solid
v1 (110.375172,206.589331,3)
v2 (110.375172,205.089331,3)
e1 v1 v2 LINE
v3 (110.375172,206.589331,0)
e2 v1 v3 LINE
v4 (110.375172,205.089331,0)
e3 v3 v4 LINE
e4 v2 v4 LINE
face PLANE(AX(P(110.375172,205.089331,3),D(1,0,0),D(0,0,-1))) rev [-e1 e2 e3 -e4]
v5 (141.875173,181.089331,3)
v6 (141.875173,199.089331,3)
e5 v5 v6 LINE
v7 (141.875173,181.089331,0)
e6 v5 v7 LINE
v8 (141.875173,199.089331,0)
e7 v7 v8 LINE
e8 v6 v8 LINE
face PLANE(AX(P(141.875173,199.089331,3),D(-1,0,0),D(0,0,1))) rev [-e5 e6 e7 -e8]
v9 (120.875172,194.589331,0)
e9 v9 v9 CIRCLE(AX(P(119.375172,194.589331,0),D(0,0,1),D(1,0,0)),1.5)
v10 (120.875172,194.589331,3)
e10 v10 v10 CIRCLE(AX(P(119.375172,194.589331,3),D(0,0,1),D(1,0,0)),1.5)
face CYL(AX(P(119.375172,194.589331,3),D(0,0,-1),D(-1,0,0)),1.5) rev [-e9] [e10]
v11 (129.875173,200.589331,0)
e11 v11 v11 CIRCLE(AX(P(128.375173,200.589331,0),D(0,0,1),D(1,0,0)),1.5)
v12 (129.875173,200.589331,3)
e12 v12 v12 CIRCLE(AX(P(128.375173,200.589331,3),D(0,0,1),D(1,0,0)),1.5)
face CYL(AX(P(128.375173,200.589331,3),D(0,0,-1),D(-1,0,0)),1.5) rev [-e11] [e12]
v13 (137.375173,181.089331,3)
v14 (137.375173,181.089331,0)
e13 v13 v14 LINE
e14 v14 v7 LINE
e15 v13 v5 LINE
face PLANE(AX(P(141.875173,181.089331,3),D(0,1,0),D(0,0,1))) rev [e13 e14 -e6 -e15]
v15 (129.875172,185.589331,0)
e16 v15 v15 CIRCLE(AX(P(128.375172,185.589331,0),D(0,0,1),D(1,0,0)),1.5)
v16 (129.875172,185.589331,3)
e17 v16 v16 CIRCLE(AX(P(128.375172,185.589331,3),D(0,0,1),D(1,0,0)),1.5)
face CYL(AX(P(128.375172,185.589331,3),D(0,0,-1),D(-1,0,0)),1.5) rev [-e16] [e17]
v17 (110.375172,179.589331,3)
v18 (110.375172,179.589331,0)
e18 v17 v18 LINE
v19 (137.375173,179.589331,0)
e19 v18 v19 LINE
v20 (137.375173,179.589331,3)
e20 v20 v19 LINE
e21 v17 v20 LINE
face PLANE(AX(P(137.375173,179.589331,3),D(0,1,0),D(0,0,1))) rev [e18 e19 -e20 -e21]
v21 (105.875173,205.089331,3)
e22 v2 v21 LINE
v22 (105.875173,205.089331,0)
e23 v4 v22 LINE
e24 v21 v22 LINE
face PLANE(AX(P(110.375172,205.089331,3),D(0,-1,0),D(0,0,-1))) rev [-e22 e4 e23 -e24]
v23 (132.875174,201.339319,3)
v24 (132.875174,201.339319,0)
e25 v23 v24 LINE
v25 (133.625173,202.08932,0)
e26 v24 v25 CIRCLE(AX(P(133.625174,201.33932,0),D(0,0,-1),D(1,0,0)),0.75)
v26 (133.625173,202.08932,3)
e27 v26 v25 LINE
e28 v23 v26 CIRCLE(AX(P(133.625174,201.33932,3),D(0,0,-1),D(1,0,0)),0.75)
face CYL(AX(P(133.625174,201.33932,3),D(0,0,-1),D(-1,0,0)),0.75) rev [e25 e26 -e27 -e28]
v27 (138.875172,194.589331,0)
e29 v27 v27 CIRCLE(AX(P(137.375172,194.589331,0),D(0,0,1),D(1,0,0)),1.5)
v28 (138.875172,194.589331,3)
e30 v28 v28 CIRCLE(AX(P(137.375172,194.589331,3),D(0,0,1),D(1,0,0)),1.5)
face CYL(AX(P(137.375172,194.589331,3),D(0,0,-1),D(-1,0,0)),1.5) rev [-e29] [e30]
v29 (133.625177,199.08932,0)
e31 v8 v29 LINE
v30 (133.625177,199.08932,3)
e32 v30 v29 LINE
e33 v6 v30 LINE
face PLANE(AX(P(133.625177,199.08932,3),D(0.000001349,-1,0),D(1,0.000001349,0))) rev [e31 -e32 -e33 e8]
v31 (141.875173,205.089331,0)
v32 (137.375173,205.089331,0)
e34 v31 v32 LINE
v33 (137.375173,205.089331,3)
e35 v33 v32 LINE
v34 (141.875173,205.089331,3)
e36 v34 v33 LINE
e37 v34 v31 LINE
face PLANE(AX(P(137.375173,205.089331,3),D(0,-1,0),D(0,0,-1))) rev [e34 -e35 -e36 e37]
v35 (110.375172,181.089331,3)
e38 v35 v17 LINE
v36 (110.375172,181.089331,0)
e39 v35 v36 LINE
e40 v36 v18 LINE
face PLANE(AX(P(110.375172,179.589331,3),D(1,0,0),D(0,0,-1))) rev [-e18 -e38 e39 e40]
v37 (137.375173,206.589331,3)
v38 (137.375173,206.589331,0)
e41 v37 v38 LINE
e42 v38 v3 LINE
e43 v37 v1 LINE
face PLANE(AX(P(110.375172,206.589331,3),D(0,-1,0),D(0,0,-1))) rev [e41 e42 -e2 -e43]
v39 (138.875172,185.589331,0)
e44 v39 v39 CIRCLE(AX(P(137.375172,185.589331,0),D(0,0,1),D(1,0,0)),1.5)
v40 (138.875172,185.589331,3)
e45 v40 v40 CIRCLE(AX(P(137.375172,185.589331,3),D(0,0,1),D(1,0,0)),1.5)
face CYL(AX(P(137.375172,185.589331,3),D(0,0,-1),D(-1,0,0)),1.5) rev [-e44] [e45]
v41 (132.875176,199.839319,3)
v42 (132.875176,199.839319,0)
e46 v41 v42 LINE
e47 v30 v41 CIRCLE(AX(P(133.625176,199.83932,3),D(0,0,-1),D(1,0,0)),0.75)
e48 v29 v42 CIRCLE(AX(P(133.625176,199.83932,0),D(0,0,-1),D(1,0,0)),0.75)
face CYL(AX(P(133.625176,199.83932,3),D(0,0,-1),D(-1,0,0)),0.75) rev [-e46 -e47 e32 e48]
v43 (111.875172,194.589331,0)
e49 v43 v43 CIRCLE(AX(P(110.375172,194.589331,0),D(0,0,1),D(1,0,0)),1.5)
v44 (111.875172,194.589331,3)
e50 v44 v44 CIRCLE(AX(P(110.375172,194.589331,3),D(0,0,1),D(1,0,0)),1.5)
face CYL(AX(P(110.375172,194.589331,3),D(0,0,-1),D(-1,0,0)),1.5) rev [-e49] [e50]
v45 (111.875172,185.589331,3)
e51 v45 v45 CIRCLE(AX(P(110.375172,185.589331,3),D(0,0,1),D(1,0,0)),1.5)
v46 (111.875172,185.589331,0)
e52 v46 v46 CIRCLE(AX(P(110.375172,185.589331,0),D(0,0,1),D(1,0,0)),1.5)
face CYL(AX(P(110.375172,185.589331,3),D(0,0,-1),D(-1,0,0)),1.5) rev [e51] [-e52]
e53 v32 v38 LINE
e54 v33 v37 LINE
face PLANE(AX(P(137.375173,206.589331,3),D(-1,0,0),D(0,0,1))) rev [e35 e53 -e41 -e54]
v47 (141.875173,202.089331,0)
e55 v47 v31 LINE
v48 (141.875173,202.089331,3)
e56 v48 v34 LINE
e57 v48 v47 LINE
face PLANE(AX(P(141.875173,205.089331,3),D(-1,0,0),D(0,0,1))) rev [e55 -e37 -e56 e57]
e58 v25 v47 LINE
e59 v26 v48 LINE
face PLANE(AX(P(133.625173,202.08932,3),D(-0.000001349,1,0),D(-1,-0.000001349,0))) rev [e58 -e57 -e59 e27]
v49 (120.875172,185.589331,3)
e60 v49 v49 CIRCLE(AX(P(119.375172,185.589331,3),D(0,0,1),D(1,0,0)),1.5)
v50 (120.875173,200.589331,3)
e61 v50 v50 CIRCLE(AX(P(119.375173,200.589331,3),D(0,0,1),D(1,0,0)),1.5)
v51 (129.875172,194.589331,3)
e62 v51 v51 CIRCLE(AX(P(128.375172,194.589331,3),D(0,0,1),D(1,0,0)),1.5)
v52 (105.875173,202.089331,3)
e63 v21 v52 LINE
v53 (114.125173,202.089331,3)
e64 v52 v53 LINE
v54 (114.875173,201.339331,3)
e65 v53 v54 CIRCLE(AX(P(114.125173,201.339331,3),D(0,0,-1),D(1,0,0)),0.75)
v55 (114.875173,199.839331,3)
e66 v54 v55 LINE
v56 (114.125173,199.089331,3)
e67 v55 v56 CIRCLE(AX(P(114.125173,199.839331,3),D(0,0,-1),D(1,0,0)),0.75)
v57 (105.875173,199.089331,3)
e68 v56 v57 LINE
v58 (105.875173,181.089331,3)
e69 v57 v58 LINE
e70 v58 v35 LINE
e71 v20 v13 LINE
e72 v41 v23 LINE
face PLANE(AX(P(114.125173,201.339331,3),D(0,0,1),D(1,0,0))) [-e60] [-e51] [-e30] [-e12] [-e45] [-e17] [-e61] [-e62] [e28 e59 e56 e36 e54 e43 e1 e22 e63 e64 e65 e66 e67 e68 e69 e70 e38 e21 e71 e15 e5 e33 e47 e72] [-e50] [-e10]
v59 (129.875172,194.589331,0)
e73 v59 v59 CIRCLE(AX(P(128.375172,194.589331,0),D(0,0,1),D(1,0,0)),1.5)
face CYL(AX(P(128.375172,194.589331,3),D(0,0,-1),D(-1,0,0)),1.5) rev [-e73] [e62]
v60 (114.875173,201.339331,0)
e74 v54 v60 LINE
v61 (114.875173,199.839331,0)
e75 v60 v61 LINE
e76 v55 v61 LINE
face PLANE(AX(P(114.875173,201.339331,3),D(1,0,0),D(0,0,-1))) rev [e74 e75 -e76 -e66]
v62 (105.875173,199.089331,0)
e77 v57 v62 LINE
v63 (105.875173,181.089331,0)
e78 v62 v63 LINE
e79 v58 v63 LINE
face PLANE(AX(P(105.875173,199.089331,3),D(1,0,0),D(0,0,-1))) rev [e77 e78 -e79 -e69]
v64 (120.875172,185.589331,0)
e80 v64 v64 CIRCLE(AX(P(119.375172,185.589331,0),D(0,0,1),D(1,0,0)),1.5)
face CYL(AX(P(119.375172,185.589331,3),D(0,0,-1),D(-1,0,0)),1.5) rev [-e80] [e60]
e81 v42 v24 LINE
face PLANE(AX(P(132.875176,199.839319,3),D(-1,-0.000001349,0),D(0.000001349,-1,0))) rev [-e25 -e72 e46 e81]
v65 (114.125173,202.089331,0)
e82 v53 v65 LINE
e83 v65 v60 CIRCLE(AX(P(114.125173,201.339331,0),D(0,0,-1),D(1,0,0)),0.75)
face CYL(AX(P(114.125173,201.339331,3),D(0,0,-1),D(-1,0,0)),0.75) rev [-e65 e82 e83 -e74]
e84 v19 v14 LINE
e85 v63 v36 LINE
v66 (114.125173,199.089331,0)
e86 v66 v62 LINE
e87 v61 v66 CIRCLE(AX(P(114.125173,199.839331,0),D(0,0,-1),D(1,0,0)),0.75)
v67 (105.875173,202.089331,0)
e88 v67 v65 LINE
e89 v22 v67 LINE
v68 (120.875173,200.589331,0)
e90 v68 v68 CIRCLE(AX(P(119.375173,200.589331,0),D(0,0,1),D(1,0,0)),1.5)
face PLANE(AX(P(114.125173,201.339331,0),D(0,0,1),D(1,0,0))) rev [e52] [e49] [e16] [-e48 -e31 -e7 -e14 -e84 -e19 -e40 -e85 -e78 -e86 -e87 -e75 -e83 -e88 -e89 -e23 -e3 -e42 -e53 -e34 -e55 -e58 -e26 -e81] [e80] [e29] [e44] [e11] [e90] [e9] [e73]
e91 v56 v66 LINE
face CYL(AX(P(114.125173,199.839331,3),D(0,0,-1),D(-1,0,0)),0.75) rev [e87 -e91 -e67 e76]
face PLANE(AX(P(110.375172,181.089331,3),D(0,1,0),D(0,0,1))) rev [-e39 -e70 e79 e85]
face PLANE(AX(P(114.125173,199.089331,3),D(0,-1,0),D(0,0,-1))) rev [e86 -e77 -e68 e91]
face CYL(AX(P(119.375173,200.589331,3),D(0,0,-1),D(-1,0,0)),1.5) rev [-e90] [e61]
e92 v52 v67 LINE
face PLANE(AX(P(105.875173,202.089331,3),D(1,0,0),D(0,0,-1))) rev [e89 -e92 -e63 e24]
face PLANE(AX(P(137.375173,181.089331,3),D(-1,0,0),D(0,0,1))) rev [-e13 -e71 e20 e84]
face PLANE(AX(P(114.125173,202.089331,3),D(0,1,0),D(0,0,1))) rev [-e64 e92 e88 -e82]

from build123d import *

# Parameters (mm, degrees)
MODEL_R                 = 1.5
SALIENTE_EXTRUIR1_DEPTH = 3


with BuildPart() as part:
    # Model → Saliente-Extruir1 (new body)
    with BuildSketch(Plane.XY):
        with BuildLine():
            Line((105.875172656, 202.089330986), (105.875172656, 205.089330986))
            Line((105.875172656, 205.089330986), (110.375172306, 205.089330986))
            Line((110.375172306, 205.089330986), (110.375172306, 206.589330986))
            Line((110.375172306, 206.589330986), (137.375172656, 206.589330986))
            Line((137.375172656, 206.589330986), (137.375172656, 205.089330986))
            Line((137.375172656, 205.089330986), (141.875172656, 205.089330986))
            Line((141.875172656, 205.089330986), (141.875172656, 202.089330986))
            Line((141.875172656, 202.089330986), (133.625172656, 202.089319857))
            ThreePointArc((133.625172656, 202.089319857), (133.094842866, 201.869649228), (132.875173667, 201.339318846))
            Line((132.875173667, 201.339318846), (132.875175691, 199.839318846))
            ThreePointArc((132.875175691, 199.839318846), (133.09484632, 199.308989056), (133.625176703, 199.089319857))
            Line((133.625176703, 199.089319857), (141.875172656, 199.089330986))
            Line((141.875172656, 199.089330986), (141.875172656, 181.089330986))
            Line((141.875172656, 181.089330986), (137.375172656, 181.089330986))
            Line((137.375172656, 181.089330986), (137.375172656, 179.589330986))
            Line((137.375172656, 179.589330986), (110.375172306, 179.589330986))
            Line((110.375172306, 179.589330986), (110.375172306, 181.089330986))
            Line((110.375172306, 181.089330986), (105.875172656, 181.089330986))
            Line((105.875172656, 181.089330986), (105.875172656, 199.089330986))
            Line((105.875172656, 199.089330986), (114.125172656, 199.089330986))
            ThreePointArc((114.125172656, 199.089330986), (114.655502742, 199.3090009), (114.875172656, 199.839330986))
            Line((114.875172656, 199.839330986), (114.875172656, 201.339330986))
            ThreePointArc((114.875172656, 201.339330986), (114.655502742, 201.869661072), (114.125172656, 202.089330986))
            Line((114.125172656, 202.089330986), (105.875172656, 202.089330986))
        make_face()
        with Locations((128.375172656, 200.589330986)):
            Circle(MODEL_R, mode=Mode.SUBTRACT)
        with Locations((119.375172656, 200.589330986)):
            Circle(MODEL_R, mode=Mode.SUBTRACT)
        with Locations((137.375172306, 185.589330986)):
            Circle(MODEL_R, mode=Mode.SUBTRACT)
        with Locations((128.375172306, 185.589330986)):
            Circle(MODEL_R, mode=Mode.SUBTRACT)
        with Locations((110.375172306, 185.589330986)):
            Circle(MODEL_R, mode=Mode.SUBTRACT)
        with Locations((119.375172306, 185.589330986)):
            Circle(MODEL_R, mode=Mode.SUBTRACT)
        with Locations((137.375172306, 194.589330986)):
            Circle(MODEL_R, mode=Mode.SUBTRACT)
        with Locations((128.375172306, 194.589330986)):
            Circle(MODEL_R, mode=Mode.SUBTRACT)
        with Locations((110.375172306, 194.589330986)):
            Circle(MODEL_R, mode=Mode.SUBTRACT)
        with Locations((119.375172306, 194.589330986)):
            Circle(MODEL_R, mode=Mode.SUBTRACT)
    extrude(amount=SALIENTE_EXTRUIR1_DEPTH)


solid = part.part
